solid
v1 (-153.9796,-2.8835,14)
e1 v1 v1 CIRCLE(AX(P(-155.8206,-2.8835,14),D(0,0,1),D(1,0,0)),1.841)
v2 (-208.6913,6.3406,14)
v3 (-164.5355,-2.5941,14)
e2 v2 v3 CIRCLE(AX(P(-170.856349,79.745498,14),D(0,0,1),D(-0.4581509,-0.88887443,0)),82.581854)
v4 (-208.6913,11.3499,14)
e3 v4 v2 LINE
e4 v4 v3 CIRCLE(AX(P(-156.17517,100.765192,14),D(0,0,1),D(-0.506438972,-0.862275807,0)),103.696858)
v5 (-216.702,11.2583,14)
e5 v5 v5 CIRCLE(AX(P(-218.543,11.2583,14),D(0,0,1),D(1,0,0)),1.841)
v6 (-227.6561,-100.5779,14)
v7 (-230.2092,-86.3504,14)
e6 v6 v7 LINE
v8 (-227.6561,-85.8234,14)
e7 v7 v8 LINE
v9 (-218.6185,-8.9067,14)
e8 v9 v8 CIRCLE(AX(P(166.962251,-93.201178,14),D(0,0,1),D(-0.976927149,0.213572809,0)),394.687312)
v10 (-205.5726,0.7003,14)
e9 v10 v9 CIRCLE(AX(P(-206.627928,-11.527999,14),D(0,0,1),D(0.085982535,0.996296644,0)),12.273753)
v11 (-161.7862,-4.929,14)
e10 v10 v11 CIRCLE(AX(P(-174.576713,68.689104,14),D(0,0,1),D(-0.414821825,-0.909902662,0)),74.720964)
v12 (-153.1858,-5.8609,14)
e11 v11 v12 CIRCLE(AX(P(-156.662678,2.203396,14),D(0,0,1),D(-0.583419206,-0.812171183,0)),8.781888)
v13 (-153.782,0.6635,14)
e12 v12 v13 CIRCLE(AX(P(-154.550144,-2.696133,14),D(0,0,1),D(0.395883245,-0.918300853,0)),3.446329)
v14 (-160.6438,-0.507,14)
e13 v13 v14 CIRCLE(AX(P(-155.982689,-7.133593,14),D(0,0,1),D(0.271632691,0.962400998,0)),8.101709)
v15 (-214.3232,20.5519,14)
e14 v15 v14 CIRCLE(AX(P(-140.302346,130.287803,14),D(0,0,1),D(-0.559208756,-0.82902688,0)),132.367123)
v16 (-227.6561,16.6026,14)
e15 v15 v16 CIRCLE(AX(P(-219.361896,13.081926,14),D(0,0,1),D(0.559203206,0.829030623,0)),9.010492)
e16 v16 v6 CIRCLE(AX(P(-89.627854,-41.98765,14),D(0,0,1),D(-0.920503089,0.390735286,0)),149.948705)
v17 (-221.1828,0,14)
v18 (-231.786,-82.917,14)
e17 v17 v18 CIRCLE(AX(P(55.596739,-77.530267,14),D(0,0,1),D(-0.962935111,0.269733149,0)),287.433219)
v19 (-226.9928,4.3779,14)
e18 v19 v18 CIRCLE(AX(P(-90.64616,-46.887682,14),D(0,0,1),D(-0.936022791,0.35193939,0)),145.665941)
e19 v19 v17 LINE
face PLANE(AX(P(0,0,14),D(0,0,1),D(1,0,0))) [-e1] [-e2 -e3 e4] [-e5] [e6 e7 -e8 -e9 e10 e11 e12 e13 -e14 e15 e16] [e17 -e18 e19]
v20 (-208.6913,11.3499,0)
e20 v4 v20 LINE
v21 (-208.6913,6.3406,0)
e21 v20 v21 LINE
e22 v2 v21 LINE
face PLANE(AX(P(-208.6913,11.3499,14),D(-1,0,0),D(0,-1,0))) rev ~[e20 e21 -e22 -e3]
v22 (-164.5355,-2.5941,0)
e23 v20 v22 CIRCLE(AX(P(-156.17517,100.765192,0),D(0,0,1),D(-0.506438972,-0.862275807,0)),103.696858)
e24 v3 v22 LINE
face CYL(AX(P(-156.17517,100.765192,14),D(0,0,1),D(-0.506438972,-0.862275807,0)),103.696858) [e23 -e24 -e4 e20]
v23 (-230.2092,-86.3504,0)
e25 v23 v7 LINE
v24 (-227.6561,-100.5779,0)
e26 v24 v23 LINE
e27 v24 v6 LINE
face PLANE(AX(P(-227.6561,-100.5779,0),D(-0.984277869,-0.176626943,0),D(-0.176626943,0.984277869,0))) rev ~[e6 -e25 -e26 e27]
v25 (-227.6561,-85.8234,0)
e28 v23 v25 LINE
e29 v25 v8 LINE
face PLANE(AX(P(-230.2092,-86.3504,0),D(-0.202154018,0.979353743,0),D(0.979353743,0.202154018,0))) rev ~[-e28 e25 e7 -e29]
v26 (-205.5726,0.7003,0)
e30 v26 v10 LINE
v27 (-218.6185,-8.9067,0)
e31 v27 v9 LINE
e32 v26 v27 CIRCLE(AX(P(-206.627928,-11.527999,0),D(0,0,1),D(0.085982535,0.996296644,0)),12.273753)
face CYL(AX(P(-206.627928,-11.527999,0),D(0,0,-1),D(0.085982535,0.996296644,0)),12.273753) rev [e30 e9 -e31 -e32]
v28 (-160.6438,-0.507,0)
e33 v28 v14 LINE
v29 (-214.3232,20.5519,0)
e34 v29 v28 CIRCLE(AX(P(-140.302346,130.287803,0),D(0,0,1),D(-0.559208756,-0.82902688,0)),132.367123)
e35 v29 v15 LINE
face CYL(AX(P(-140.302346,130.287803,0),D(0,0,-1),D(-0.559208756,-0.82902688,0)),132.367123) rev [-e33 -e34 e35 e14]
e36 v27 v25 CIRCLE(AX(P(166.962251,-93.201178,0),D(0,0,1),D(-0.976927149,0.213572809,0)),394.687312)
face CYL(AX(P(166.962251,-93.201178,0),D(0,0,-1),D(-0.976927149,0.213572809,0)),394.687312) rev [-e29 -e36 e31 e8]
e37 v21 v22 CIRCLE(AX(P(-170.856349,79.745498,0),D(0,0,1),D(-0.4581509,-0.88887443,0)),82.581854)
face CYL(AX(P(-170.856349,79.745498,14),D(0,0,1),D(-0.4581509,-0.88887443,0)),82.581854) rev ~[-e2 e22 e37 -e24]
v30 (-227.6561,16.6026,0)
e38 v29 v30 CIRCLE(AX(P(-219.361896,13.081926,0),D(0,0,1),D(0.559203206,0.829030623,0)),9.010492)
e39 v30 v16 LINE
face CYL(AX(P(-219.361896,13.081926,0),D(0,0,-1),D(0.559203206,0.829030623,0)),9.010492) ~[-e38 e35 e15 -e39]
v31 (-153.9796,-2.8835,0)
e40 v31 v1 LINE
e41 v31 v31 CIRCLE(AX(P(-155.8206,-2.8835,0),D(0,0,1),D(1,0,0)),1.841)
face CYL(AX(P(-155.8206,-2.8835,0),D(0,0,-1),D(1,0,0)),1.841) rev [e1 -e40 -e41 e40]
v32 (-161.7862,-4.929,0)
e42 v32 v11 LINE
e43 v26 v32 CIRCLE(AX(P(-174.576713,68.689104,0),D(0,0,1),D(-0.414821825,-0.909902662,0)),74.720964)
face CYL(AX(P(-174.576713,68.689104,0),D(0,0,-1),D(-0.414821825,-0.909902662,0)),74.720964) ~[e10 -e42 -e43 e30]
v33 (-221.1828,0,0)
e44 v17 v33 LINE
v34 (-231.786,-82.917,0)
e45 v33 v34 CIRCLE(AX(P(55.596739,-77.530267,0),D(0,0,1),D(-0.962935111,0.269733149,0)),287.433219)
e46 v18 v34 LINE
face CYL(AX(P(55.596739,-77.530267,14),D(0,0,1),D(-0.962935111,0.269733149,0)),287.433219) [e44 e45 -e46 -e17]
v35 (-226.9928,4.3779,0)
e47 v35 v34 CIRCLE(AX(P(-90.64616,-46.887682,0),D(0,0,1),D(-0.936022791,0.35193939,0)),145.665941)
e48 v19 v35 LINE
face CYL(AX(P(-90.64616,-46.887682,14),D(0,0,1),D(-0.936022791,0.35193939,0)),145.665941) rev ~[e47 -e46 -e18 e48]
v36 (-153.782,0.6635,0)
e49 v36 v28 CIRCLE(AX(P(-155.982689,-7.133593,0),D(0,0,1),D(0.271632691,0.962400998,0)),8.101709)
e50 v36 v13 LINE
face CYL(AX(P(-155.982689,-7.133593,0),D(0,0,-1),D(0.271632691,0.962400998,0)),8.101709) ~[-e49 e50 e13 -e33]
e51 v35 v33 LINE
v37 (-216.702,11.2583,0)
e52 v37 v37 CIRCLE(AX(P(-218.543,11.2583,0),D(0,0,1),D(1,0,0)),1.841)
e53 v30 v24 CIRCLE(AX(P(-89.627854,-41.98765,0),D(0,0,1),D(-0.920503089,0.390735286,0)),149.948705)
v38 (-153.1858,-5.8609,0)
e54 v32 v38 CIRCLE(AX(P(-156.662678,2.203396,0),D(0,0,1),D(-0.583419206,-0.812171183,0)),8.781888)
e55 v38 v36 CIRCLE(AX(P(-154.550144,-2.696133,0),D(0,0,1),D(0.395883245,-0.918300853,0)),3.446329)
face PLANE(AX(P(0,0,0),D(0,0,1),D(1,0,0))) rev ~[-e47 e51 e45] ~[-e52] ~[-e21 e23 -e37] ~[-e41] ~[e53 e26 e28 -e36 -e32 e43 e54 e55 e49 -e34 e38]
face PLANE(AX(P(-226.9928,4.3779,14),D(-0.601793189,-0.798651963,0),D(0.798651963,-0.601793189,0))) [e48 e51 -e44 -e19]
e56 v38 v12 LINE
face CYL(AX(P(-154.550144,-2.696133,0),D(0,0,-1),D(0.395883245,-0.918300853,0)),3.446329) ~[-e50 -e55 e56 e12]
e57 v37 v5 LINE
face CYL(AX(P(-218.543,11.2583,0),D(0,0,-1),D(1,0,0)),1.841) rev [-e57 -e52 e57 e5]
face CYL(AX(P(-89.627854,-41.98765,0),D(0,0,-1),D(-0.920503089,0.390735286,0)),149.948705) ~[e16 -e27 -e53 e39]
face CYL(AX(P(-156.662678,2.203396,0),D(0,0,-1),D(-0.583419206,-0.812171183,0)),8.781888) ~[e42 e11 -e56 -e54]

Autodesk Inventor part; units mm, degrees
ref_plane "YZ Plane" through (0, 0, 0) normal (1, 0, 0) x (0, 1, 0)
ref_plane "XZ Plane" through (0, 0, 0) normal (0, 1, 0) x (-1, 0, 0)
ref_plane "XY Plane" through (0, 0, 0) normal (0, 0, 1) x (1, 0, 0)
sketch "Sketch1" plane through (0, 0, 0) normal (0, 0, 1) x (1, 0, 0)
  circle A0 centre (-218.543, 11.2583) radius 1.841
  circle A1 centre (-155.8206, -2.8835) radius 1.841
  line L0 (-230.2092, -86.3504) -> (-227.6561, -85.8234)
  arc A2 (-218.6185, -8.9067) -> (-227.6561, -85.8234) centre (166.9594, -93.2007) ccw
  arc A3 (-205.5726, 0.7003) -> (-218.6185, -8.9067) centre (-206.6279, -11.5281) ccw
  arc A4 (-205.5726, 0.7003) -> (-161.7862, -4.929) centre (-174.5768, 68.6888) ccw
  arc A5 (-161.7862, -4.929) -> (-153.1858, -5.8609) centre (-156.6626, 2.2036) ccw
  arc A6 (-153.1858, -5.8609) -> (-153.782, 0.6635) centre (-154.5502, -2.6961) ccw
  arc A7 (-153.782, 0.6635) -> (-160.6438, -0.507) centre (-155.9827, -7.1338) ccw
  arc A8 (-214.3232, 20.5519) -> (-160.6438, -0.507) centre (-140.3024, 130.2877) ccw
  arc A9 (-214.3232, 20.5519) -> (-227.6561, 16.6026) centre (-219.3619, 13.0819) ccw
  arc A10 (-227.6561, 16.6026) -> (-227.6561, -100.5779) centre (-89.6281, -41.9876) ccw
  line L1 (-227.6561, -100.5779) -> (-230.2092, -86.3504)
  point P0 (0, 0)
  point P1 (-190.934, -110.2879)
extrude "Extrusion1" add sketch "Sketch1" along normal blind 14
sketch "Sketch2" plane through (0, 0, 14) normal (0, 0, 1) x (1, 0, 0)
  arc A0 (-226.9928, 4.3779) -> (-231.786, -82.917) centre (-90.6456, -46.8878) ccw
  arc A1 (-221.1828, 0) -> (-231.786, -82.917) centre (55.5969, -77.5303) ccw
  line L0 (-226.9928, 4.3779) -> (-221.1828, 0)
  arc A2 (-208.6913, 11.3499) -> (-164.5355, -2.5941) centre (-156.1757, 100.764) ccw
  arc A3 (-208.6913, 6.3406) -> (-164.5355, -2.5941) centre (-170.8567, 79.7445) ccw
  line L1 (-208.6913, 11.3499) -> (-208.6913, 6.3406)
  point P0 (0, 0)
extrude "Extrusion2" cut sketch "Sketch2" against normal blind 14
properties part number "Claw"
